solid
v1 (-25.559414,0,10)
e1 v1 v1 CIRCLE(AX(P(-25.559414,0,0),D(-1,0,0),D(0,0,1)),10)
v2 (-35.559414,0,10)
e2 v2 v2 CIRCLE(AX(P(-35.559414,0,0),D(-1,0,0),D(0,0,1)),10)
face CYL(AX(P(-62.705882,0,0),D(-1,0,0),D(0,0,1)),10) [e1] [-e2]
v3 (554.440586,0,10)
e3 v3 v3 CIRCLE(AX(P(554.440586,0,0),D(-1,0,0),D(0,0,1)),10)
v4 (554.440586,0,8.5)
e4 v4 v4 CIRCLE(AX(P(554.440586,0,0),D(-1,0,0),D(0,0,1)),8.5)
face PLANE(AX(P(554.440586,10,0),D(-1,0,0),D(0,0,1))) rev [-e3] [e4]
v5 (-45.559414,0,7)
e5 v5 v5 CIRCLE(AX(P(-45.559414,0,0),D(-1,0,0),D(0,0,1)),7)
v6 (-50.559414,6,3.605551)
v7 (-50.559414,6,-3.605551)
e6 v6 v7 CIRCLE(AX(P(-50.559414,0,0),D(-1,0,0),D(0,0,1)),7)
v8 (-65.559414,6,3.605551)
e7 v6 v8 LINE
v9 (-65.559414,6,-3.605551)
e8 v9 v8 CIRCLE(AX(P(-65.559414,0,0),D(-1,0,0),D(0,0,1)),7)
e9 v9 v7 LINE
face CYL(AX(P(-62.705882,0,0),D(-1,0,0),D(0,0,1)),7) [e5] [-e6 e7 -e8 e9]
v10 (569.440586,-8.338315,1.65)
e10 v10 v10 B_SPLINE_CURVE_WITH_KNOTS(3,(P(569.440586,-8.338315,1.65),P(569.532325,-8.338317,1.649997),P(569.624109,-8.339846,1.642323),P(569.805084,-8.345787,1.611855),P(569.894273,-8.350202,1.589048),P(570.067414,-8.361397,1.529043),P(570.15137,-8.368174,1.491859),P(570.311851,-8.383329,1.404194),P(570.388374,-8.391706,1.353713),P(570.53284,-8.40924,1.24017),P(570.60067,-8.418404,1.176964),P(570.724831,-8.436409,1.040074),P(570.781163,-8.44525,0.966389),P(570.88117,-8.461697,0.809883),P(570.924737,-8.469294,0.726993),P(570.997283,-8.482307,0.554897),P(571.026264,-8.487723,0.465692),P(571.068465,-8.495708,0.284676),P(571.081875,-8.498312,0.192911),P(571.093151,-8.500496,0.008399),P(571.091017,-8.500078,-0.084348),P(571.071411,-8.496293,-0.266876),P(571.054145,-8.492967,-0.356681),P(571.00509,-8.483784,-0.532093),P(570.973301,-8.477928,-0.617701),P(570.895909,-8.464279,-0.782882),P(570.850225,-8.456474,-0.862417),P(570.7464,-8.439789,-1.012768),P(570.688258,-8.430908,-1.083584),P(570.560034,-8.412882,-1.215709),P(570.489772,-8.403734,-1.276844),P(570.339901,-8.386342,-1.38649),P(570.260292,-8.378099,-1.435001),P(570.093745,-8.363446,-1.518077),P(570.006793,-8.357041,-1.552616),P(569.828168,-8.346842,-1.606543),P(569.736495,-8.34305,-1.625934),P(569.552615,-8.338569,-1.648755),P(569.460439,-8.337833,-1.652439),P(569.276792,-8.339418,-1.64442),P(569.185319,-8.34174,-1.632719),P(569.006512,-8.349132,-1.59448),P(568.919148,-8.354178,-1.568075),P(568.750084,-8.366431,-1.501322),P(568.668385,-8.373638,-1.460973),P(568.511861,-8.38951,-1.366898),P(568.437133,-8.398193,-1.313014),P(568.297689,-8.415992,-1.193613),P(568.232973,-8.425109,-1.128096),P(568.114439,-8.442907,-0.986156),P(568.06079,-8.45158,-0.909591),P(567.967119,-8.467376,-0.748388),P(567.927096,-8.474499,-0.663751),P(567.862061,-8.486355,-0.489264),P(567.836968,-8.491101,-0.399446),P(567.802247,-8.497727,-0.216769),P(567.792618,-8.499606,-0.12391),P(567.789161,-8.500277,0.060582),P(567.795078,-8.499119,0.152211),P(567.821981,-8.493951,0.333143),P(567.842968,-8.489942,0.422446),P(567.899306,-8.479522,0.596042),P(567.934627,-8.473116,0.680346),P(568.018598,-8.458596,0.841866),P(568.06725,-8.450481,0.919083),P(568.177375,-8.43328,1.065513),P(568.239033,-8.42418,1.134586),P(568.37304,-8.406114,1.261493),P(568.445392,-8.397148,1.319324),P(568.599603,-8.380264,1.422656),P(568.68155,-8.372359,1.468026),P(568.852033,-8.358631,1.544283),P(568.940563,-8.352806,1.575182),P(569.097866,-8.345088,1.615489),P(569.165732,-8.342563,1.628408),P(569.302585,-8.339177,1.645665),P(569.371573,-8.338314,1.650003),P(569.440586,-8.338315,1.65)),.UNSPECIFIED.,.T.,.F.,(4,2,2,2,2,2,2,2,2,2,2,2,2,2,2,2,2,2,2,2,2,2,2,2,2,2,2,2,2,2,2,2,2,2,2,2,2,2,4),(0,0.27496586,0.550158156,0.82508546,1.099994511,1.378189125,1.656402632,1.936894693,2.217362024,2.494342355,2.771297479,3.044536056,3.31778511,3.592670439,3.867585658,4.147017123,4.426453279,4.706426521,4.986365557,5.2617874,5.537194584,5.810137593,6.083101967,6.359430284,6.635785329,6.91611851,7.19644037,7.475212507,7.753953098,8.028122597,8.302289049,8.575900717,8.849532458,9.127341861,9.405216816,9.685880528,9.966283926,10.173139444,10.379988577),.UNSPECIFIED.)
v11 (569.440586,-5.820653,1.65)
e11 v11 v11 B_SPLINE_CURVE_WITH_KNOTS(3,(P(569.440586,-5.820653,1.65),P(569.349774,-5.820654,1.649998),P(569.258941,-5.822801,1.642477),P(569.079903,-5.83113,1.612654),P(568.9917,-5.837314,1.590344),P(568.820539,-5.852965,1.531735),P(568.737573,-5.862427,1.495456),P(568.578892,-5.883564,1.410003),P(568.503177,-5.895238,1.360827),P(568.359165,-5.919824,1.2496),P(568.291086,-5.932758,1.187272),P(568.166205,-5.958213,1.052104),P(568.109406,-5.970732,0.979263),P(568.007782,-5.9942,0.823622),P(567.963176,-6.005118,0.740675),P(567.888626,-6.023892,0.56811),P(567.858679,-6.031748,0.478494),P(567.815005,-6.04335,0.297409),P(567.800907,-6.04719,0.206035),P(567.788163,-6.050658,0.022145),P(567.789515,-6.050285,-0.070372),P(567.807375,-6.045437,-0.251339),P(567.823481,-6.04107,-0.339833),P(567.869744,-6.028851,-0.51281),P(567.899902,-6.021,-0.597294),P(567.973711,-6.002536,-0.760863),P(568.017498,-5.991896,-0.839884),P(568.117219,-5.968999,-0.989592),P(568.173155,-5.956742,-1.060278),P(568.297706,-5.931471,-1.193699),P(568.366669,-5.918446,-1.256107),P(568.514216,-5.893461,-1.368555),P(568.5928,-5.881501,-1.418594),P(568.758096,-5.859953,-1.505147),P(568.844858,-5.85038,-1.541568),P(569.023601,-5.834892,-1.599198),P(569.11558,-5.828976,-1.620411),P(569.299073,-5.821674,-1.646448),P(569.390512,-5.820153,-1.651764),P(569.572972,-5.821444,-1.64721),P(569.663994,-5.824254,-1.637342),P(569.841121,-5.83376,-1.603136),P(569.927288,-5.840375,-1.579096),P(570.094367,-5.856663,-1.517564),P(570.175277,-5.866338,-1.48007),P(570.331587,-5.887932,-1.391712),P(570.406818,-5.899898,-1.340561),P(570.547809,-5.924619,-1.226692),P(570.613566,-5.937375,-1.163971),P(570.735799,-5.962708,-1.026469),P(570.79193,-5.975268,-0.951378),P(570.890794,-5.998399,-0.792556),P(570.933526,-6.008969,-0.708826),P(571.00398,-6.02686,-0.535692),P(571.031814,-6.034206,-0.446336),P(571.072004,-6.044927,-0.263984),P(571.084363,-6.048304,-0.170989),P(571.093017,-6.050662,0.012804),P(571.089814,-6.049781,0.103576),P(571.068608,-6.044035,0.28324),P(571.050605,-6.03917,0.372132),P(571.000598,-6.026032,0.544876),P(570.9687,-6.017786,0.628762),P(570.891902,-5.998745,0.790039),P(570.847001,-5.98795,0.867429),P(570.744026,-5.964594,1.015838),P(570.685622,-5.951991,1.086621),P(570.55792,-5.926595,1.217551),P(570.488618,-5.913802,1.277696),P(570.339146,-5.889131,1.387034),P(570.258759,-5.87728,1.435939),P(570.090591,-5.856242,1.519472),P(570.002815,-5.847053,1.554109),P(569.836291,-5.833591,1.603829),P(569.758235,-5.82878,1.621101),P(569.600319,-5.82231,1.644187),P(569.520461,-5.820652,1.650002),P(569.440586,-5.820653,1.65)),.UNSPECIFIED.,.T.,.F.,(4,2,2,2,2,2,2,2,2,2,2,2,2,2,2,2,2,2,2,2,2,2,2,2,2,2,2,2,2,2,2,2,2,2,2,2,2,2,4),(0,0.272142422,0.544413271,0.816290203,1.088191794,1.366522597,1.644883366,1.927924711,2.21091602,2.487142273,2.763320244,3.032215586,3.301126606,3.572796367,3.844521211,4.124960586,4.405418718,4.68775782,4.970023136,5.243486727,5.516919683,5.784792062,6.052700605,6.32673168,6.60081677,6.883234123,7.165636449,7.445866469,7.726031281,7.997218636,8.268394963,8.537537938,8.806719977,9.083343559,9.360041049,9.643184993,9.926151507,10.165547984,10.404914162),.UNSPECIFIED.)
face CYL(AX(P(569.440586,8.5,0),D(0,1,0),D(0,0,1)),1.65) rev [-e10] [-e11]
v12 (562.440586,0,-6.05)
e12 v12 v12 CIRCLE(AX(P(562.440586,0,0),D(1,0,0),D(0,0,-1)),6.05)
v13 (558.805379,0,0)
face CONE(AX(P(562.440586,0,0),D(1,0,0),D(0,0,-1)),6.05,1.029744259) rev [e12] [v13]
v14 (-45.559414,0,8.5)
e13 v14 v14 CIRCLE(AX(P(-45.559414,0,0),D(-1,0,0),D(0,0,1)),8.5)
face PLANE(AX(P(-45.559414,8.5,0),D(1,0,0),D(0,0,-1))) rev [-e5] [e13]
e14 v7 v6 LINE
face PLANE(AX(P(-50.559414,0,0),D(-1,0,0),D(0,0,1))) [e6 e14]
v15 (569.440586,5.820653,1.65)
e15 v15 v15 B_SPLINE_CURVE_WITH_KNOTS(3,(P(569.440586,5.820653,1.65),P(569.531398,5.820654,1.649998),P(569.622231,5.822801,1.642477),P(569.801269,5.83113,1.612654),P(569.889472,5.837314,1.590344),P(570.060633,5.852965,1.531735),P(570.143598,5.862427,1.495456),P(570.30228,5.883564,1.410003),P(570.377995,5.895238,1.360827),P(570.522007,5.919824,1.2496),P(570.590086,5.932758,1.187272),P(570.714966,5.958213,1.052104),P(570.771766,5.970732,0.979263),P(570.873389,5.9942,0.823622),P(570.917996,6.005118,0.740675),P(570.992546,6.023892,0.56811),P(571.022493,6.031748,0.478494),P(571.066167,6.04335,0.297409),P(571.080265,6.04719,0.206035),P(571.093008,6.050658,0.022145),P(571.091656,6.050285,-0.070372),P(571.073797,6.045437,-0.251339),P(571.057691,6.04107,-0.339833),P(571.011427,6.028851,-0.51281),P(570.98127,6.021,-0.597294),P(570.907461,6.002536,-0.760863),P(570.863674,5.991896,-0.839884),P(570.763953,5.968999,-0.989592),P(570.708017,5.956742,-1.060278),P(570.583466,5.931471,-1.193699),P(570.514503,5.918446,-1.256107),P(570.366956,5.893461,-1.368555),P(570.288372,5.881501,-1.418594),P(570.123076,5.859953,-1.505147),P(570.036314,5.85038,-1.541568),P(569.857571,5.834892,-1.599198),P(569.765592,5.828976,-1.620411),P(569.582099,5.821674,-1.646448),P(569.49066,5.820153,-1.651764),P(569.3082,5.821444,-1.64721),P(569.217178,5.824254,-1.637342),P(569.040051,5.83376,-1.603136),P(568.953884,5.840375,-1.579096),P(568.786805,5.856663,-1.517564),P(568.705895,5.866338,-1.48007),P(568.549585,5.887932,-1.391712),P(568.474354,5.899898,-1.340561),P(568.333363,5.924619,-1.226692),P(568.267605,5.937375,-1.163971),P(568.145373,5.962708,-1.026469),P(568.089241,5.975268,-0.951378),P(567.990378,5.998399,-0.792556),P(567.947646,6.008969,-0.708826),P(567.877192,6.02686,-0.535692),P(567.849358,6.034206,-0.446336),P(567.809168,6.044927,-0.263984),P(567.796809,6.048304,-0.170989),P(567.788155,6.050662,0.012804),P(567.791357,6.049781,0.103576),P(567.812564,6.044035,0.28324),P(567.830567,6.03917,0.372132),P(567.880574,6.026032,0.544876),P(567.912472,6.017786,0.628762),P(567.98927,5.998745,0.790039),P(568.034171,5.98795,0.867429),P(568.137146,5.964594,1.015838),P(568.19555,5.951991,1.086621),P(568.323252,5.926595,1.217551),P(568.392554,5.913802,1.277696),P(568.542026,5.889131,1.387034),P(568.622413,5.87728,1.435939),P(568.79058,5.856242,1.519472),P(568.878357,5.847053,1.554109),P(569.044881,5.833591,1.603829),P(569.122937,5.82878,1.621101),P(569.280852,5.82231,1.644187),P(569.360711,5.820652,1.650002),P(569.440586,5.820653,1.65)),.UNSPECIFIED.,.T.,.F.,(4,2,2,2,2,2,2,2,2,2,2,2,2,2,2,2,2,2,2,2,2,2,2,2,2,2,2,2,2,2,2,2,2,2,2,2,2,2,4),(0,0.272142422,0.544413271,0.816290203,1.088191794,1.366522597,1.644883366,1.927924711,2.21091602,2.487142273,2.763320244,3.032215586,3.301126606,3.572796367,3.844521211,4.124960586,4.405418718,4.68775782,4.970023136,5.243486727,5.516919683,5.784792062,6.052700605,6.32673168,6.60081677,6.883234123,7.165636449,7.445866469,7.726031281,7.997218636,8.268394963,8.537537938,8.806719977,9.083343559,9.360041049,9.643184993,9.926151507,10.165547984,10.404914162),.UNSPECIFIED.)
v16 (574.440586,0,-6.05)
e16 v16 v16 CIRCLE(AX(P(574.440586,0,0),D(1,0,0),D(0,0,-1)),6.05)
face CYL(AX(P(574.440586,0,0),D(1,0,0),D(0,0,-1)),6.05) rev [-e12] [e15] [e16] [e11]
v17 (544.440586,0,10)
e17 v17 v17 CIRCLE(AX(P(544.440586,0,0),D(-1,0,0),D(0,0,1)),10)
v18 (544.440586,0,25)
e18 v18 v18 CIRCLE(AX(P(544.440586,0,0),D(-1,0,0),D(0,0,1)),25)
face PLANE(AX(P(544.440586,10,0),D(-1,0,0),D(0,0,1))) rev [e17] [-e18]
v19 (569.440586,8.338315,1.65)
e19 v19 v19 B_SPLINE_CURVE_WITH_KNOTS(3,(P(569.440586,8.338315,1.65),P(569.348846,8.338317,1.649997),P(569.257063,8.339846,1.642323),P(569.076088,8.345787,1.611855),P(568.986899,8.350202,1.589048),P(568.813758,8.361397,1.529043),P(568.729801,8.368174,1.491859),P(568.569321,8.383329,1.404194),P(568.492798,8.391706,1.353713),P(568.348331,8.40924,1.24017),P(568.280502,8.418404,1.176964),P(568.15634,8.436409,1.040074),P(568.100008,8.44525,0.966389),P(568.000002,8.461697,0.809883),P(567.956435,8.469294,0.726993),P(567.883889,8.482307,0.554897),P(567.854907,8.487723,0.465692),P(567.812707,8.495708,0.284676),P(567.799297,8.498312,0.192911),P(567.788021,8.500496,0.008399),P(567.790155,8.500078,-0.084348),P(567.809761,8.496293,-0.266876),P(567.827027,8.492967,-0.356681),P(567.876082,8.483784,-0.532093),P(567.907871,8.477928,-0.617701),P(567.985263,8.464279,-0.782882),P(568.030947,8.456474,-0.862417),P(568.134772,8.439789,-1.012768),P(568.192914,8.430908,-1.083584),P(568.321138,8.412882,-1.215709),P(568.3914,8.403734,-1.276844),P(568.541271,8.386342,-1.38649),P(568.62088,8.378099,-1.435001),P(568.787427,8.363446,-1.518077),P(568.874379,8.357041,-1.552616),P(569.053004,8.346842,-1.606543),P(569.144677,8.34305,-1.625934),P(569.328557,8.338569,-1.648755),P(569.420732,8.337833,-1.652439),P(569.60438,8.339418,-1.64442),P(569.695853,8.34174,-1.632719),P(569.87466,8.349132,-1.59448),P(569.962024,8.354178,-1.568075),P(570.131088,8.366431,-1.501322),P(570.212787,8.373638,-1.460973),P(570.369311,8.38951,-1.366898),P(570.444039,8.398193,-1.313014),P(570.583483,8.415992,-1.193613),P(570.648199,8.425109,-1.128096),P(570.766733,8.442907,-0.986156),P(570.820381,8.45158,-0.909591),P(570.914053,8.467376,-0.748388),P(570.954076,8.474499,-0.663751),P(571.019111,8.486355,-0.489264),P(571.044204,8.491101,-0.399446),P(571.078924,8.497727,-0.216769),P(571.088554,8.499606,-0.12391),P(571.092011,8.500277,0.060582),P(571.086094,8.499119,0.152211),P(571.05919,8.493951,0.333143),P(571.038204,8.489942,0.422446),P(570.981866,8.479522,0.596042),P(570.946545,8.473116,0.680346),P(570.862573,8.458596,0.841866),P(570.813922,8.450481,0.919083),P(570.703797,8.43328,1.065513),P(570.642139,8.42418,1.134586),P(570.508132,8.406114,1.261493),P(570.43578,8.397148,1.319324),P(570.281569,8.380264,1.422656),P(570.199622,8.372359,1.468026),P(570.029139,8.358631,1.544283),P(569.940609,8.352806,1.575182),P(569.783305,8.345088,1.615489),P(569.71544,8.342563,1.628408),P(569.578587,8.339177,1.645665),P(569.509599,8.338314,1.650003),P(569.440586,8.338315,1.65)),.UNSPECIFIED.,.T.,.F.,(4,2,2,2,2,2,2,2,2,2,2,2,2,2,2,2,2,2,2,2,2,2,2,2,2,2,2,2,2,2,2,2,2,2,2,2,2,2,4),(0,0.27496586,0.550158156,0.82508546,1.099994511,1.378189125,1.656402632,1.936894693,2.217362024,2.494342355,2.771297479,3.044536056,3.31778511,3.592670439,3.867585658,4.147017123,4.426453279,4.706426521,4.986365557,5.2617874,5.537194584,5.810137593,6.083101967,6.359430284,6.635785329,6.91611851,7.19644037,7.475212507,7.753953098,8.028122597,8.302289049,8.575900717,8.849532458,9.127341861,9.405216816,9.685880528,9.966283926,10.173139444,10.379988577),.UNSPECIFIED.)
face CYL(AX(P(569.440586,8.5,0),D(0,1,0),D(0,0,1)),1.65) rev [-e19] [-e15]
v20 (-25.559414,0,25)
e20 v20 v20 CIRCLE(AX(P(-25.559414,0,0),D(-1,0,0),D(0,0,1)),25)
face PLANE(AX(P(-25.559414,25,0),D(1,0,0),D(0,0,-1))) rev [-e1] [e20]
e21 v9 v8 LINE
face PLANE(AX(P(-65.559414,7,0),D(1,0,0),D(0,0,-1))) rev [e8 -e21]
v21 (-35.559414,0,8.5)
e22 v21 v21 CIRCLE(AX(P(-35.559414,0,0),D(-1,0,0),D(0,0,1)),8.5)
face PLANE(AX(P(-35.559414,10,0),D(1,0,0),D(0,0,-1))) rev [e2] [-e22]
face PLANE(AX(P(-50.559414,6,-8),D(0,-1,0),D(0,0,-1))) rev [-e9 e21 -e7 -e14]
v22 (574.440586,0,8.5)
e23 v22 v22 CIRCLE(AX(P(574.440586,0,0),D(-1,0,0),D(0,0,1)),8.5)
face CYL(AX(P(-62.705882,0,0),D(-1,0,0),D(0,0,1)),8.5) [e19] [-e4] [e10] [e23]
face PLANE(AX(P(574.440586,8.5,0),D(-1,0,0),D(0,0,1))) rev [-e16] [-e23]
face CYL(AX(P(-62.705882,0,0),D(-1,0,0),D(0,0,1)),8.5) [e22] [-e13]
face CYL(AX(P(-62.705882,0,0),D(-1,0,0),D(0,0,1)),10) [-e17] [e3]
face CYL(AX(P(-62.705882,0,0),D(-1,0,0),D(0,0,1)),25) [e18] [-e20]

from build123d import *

# Parameters (mm, degrees)
CUT_EXTRUDE_2_DEPTH    = 15
MM_CLEARANCE_1_D       = 12.1
MM_CLEARANCE_1_DEPTH   = 12
MM_CLEARANCE_1_TIP     = 3.635206745
HOLE_WIZARD_M4_3_D     = 3.3
HOLE_WIZARD_M4_3_DEPTH = 25
HOLE_WIZARD_M4_3_TIP   = 0.991420021


with BuildPart() as part:
    # 草图2 → 旋转1 (revolve)
    with BuildSketch(Plane.XY):
        Polygon((554.440585902, 10), (544.440585902, 10), (544.440585902, 25), (-25.559414098, 25), (-25.559414098, 10), (-35.559414098, 10), (-35.559414098, 8.5), (-45.559414098, 8.5), (-45.559414098, 7), (-65.559414098, 7), (-65.559414098, 0), (-51.631049649, 0), (574.440585902, 0), (574.440585902, 8.5), (554.440585902, 8.5), align=None)
    revolve(axis=Axis((-62.705882353, 0, 0), (1, 0, 0)))

    # 草图4 → 切除-拉伸2 (cut)
    with BuildSketch(Plane.ZY.offset(65.559414098)):
        with BuildLine():
            Line((-8, 6), (8, 6))
            ThreePointArc((8, 6), (0, 10), (-8, 6))
        make_face()
    extrude(amount=-CUT_EXTRUDE_2_DEPTH, mode=Mode.SUBTRACT)

    # 大小mm Clearance 暗销孔1
    with Locations(Plane(origin=(574.440585902, 0, 0), x_dir=(0, 0, -1), z_dir=(1, 0, 0))):
        with Locations((0, 0)):
            Hole(MM_CLEARANCE_1_D / 2, depth=MM_CLEARANCE_1_DEPTH)
            with Locations((0, 0, -(MM_CLEARANCE_1_DEPTH + MM_CLEARANCE_1_TIP / 2))):  # 118° drill point
                Cone(0, MM_CLEARANCE_1_D / 2, MM_CLEARANCE_1_TIP, mode=Mode.SUBTRACT)

    # M4 螺纹孔3
    with Locations(Plane(origin=(0, 8.5, 0), x_dir=(1, 0, 0), z_dir=(0, 1, 0))):
        with Locations((569.440585902, 0)):
            Hole(HOLE_WIZARD_M4_3_D / 2, depth=HOLE_WIZARD_M4_3_DEPTH)
            with Locations((0, 0, -(HOLE_WIZARD_M4_3_DEPTH + HOLE_WIZARD_M4_3_TIP / 2))):  # 118° drill point
                Cone(0, HOLE_WIZARD_M4_3_D / 2, HOLE_WIZARD_M4_3_TIP, mode=Mode.SUBTRACT)


solid = part.part
